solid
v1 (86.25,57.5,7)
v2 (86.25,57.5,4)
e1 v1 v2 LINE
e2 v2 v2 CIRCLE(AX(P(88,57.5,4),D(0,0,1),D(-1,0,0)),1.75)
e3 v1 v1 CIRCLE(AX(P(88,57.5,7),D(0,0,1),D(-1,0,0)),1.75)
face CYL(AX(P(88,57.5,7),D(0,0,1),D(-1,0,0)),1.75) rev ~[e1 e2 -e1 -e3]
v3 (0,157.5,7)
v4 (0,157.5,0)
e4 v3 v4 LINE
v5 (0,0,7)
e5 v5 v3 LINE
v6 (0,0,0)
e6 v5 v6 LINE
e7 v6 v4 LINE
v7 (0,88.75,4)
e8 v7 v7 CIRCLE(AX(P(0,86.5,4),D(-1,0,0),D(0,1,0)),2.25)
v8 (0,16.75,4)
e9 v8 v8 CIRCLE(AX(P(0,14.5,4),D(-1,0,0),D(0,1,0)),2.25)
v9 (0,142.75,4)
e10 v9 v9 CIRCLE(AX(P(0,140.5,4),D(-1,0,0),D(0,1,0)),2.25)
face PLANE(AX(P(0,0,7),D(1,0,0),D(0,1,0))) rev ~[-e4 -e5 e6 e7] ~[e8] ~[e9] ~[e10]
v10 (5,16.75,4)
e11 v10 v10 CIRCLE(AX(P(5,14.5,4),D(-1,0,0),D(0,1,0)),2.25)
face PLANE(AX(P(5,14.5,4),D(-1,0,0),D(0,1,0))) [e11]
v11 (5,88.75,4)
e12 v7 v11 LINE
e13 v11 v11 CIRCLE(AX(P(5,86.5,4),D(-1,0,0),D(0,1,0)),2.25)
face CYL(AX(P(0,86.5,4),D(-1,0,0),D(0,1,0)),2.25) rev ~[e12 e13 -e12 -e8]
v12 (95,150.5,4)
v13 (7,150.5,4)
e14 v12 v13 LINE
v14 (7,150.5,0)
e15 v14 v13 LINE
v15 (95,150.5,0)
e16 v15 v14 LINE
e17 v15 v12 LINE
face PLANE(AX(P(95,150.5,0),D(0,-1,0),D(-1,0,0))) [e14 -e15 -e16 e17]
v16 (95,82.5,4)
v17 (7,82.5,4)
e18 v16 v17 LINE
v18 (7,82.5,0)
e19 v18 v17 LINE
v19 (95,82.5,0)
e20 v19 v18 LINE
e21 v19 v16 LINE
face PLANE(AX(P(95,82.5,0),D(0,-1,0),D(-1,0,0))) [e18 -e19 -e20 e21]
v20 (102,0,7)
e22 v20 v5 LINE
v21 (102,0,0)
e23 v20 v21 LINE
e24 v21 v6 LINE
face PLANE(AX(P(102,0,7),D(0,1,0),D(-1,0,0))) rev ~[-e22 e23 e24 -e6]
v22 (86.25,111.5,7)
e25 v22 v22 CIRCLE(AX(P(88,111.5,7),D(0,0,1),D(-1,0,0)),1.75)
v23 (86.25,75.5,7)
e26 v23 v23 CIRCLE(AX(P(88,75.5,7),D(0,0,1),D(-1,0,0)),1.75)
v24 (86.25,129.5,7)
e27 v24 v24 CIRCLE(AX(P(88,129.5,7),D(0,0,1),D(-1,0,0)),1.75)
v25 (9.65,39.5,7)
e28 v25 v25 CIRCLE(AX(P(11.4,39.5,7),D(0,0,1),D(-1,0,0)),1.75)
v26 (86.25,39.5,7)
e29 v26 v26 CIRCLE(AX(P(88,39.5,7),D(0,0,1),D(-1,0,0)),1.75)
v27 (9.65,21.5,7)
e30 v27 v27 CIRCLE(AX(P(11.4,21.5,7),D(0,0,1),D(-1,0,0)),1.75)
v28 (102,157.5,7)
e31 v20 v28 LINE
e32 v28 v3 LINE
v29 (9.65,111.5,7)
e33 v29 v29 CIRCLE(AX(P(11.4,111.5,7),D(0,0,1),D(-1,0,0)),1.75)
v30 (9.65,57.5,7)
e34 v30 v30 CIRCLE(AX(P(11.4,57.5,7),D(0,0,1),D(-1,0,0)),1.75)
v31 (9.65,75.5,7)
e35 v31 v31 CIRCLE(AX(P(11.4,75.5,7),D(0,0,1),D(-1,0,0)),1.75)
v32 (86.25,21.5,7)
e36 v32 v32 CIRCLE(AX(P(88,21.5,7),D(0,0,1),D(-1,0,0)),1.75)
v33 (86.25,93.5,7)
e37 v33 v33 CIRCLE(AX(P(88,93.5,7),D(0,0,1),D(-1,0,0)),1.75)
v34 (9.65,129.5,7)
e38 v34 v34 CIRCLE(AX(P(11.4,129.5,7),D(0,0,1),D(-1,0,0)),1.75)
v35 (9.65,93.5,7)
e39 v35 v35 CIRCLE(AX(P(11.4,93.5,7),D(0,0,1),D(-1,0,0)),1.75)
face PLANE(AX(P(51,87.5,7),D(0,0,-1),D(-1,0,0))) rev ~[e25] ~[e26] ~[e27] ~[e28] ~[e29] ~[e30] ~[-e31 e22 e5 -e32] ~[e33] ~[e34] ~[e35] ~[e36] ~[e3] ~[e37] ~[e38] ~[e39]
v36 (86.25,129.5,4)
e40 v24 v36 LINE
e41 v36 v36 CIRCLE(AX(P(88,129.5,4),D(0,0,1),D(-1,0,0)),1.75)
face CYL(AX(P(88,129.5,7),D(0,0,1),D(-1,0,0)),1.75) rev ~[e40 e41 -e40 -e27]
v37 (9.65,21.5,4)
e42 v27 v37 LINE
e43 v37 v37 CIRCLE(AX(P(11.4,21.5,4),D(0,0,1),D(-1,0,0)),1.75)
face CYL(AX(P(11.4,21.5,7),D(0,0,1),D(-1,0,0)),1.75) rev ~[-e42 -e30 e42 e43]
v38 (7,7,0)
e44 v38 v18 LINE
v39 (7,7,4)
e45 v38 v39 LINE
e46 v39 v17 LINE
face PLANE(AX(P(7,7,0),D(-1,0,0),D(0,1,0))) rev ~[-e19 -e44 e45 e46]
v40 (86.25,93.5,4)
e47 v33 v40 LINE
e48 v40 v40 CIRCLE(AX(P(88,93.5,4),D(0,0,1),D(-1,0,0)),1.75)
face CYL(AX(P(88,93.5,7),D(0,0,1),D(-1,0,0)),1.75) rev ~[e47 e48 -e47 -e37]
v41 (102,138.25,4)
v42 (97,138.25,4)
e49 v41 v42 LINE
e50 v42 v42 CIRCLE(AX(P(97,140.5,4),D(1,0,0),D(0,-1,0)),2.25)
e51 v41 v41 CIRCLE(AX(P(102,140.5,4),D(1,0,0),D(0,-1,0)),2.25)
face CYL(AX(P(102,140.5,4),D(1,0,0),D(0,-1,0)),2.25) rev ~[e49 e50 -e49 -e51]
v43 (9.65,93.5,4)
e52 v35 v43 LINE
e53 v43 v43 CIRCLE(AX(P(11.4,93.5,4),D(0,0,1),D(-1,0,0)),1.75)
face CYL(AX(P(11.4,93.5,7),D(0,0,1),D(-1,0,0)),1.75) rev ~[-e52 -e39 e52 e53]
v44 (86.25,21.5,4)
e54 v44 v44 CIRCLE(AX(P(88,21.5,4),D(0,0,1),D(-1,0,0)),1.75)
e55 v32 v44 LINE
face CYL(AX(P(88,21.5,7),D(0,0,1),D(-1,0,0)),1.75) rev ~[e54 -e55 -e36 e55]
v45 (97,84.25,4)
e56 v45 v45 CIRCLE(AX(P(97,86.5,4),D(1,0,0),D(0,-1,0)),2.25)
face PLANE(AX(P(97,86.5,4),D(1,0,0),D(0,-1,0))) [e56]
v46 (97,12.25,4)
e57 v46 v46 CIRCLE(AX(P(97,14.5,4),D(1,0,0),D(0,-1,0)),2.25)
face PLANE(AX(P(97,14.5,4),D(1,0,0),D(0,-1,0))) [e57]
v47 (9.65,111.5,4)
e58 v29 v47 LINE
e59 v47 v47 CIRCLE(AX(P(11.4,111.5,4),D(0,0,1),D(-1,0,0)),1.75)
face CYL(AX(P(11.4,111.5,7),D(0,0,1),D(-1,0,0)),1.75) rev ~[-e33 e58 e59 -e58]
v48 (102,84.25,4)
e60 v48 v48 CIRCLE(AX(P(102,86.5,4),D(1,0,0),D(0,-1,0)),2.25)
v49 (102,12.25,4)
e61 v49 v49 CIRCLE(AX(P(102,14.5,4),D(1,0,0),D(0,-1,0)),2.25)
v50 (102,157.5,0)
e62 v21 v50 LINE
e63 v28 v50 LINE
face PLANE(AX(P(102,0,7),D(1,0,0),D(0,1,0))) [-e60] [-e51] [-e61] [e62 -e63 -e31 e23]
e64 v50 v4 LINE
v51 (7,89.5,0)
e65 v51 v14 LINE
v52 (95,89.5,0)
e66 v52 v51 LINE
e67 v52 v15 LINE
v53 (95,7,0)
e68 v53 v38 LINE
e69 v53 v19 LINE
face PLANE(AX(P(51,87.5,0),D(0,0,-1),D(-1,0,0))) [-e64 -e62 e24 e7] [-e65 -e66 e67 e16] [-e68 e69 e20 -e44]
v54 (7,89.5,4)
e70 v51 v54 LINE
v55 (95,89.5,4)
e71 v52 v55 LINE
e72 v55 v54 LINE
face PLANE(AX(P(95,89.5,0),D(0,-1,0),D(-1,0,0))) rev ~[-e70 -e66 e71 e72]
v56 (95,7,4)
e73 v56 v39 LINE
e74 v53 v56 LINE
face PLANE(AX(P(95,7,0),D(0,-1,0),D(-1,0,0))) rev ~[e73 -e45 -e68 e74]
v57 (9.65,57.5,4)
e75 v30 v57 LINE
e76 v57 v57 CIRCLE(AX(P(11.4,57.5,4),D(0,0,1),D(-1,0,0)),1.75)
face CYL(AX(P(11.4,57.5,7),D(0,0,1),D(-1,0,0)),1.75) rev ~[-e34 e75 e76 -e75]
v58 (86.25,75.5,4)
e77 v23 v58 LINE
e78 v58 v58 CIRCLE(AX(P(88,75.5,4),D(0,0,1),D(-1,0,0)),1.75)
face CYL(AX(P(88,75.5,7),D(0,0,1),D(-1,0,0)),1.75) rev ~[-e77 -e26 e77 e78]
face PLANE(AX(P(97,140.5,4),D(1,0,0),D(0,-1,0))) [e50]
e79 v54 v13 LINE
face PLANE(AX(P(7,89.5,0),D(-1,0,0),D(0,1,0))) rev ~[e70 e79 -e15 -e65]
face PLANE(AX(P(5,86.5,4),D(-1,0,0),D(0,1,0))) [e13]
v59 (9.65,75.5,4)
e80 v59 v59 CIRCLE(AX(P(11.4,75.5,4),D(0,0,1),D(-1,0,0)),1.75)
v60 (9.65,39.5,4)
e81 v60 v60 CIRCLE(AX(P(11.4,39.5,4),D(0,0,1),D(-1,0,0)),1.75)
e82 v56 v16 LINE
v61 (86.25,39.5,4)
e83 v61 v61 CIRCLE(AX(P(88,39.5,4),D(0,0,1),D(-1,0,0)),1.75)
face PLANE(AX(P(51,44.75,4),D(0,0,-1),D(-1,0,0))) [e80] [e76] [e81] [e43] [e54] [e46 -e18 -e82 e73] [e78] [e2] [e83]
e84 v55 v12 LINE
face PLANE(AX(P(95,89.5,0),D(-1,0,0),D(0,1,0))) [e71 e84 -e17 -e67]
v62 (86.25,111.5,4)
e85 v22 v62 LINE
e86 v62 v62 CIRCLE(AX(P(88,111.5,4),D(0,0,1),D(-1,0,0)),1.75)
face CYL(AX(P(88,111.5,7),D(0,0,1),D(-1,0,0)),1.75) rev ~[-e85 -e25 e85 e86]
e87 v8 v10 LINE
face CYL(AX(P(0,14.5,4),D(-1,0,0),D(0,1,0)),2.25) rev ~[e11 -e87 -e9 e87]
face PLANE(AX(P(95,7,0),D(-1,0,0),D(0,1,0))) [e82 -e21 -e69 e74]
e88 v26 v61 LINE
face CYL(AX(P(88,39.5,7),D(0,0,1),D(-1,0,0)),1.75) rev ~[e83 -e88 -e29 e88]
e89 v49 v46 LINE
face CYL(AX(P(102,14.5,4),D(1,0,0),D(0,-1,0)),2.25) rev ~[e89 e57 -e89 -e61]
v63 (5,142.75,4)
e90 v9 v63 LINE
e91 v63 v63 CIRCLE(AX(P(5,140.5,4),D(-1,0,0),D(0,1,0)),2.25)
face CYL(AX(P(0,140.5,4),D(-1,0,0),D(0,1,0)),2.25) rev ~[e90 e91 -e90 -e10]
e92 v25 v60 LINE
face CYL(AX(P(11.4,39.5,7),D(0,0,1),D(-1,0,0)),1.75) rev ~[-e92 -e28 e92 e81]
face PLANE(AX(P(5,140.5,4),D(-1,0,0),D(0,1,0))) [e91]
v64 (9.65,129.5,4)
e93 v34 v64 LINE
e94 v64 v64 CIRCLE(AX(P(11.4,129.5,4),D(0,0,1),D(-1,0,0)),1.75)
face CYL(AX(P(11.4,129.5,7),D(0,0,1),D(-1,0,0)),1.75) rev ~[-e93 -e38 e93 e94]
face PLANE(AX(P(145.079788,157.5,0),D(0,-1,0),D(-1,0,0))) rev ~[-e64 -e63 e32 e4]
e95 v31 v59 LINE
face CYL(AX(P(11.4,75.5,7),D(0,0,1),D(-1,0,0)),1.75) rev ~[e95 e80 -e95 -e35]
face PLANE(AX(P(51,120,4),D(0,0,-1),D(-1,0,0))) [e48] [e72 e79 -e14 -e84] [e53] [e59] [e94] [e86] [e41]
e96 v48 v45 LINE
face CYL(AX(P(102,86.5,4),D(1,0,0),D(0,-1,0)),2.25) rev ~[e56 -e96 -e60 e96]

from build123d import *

# Parameters (mm, degrees)
SKETCH042_W             = 102
SKETCH042_H             = 175
PAD011_DEPTH            = 7
SKETCH043_R             = 1.75
POCKET027_DEPTH         = 7.001
SKETCH044_R             = 2.25
POCKET028_DEPTH         = 5
SKETCH045_R             = 2.25
POCKET029_DEPTH         = 5
SKETCH046_W             = 88
SKETCH046_H             = 61
SKETCH046_H_2           = 75.5
POCKET030_DEPTH         = 4
SKETCH047_W             = 186.33641
SKETCH047_H             = 47.448593
POCKET031_DEPTH         = 7.001
BODY010_PLACEMENT_ANGLE = 180


with BuildPart() as part:
    # Sketch042 → Pad011 (new body)
    with BuildSketch(Plane.XY):
        with Locations((51, 87.5)):
            Rectangle(SKETCH042_W, SKETCH042_H)
    extrude(amount=PAD011_DEPTH)

    # Sketch043 (on Face5 of Pad011) → Pocket027 (cut, through all)
    with BuildSketch(Plane(origin=(0, 0, 0), x_dir=(1, 0, 0), z_dir=(0, 0, -1))):
        with Locations((90.6, -129.5)):
            Circle(SKETCH043_R)
        with Locations((14, -129.5)):
            Circle(SKETCH043_R)
        with Locations((90.6, -111.5)):
            Circle(SKETCH043_R)
        with Locations((14, -111.5)):
            Circle(SKETCH043_R)
        with Locations((90.6, -93.5)):
            Circle(SKETCH043_R)
        with Locations((14, -93.5)):
            Circle(SKETCH043_R)
        with Locations((14, -75.5)):
            Circle(SKETCH043_R)
        with Locations((90.6, -75.5)):
            Circle(SKETCH043_R)
        with Locations((90.6, -57.5)):
            Circle(SKETCH043_R)
        with Locations((90.6, -39.5)):
            Circle(SKETCH043_R)
        with Locations((14, -39.5)):
            Circle(SKETCH043_R)
        with Locations((14, -21.5)):
            Circle(SKETCH043_R)
        with Locations((90.6, -21.5)):
            Circle(SKETCH043_R)
        with Locations((14, -57.5)):
            Circle(SKETCH043_R)
    extrude(amount=-POCKET027_DEPTH, mode=Mode.SUBTRACT)

    # Sketch044 (on Face1 of Pocket027) → Pocket028 (cut)
    with BuildSketch(Plane(origin=(0, 0, 0), x_dir=(0, -1, 0), z_dir=(-1, 0, 0))):
        with Locations((-14.5, 3)):
            Circle(SKETCH044_R)
        with Locations((-86.5, 3)):
            Circle(SKETCH044_R)
        with Locations((-140.5, 3)):
            Circle(SKETCH044_R)
    extrude(amount=-POCKET028_DEPTH, mode=Mode.SUBTRACT)

    # Sketch045 (on Face9 of Pocket028) → Pocket029 (cut)
    with BuildSketch(Plane.YZ.offset(102)):
        with Locations((14.5, 3)):
            Circle(SKETCH045_R)
        with Locations((86.5, 3)):
            Circle(SKETCH045_R)
        with Locations((140.5, 3)):
            Circle(SKETCH045_R)
    extrude(amount=-POCKET029_DEPTH, mode=Mode.SUBTRACT)

    # Sketch046 (on Face4 of Pocket029) → Pocket030 (cut)
    with BuildSketch(Plane.XY.offset(7)):
        with Locations((51, 120)):
            Rectangle(SKETCH046_W, SKETCH046_H)
        with Locations((51, 44.75)):
            Rectangle(SKETCH046_W, SKETCH046_H_2)
    extrude(amount=-POCKET030_DEPTH, mode=Mode.SUBTRACT)

    # Sketch047 (on Face4 of Pocket030) → Pocket031 (cut, through all)
    with BuildSketch(Plane.XY.offset(7)):
        with Locations((50.088417, 181.224296)):
            Rectangle(SKETCH047_W, SKETCH047_H)
    extrude(amount=-POCKET031_DEPTH, mode=Mode.SUBTRACT)


with BuildPart() as part_1:
    # Body010 placement: moved
    add(part.part.moved(Location((102, 0, 7))).rotate(Axis((102, 0, 7), (0, 1, 0)), BODY010_PLACEMENT_ANGLE))


solid = part_1.part
